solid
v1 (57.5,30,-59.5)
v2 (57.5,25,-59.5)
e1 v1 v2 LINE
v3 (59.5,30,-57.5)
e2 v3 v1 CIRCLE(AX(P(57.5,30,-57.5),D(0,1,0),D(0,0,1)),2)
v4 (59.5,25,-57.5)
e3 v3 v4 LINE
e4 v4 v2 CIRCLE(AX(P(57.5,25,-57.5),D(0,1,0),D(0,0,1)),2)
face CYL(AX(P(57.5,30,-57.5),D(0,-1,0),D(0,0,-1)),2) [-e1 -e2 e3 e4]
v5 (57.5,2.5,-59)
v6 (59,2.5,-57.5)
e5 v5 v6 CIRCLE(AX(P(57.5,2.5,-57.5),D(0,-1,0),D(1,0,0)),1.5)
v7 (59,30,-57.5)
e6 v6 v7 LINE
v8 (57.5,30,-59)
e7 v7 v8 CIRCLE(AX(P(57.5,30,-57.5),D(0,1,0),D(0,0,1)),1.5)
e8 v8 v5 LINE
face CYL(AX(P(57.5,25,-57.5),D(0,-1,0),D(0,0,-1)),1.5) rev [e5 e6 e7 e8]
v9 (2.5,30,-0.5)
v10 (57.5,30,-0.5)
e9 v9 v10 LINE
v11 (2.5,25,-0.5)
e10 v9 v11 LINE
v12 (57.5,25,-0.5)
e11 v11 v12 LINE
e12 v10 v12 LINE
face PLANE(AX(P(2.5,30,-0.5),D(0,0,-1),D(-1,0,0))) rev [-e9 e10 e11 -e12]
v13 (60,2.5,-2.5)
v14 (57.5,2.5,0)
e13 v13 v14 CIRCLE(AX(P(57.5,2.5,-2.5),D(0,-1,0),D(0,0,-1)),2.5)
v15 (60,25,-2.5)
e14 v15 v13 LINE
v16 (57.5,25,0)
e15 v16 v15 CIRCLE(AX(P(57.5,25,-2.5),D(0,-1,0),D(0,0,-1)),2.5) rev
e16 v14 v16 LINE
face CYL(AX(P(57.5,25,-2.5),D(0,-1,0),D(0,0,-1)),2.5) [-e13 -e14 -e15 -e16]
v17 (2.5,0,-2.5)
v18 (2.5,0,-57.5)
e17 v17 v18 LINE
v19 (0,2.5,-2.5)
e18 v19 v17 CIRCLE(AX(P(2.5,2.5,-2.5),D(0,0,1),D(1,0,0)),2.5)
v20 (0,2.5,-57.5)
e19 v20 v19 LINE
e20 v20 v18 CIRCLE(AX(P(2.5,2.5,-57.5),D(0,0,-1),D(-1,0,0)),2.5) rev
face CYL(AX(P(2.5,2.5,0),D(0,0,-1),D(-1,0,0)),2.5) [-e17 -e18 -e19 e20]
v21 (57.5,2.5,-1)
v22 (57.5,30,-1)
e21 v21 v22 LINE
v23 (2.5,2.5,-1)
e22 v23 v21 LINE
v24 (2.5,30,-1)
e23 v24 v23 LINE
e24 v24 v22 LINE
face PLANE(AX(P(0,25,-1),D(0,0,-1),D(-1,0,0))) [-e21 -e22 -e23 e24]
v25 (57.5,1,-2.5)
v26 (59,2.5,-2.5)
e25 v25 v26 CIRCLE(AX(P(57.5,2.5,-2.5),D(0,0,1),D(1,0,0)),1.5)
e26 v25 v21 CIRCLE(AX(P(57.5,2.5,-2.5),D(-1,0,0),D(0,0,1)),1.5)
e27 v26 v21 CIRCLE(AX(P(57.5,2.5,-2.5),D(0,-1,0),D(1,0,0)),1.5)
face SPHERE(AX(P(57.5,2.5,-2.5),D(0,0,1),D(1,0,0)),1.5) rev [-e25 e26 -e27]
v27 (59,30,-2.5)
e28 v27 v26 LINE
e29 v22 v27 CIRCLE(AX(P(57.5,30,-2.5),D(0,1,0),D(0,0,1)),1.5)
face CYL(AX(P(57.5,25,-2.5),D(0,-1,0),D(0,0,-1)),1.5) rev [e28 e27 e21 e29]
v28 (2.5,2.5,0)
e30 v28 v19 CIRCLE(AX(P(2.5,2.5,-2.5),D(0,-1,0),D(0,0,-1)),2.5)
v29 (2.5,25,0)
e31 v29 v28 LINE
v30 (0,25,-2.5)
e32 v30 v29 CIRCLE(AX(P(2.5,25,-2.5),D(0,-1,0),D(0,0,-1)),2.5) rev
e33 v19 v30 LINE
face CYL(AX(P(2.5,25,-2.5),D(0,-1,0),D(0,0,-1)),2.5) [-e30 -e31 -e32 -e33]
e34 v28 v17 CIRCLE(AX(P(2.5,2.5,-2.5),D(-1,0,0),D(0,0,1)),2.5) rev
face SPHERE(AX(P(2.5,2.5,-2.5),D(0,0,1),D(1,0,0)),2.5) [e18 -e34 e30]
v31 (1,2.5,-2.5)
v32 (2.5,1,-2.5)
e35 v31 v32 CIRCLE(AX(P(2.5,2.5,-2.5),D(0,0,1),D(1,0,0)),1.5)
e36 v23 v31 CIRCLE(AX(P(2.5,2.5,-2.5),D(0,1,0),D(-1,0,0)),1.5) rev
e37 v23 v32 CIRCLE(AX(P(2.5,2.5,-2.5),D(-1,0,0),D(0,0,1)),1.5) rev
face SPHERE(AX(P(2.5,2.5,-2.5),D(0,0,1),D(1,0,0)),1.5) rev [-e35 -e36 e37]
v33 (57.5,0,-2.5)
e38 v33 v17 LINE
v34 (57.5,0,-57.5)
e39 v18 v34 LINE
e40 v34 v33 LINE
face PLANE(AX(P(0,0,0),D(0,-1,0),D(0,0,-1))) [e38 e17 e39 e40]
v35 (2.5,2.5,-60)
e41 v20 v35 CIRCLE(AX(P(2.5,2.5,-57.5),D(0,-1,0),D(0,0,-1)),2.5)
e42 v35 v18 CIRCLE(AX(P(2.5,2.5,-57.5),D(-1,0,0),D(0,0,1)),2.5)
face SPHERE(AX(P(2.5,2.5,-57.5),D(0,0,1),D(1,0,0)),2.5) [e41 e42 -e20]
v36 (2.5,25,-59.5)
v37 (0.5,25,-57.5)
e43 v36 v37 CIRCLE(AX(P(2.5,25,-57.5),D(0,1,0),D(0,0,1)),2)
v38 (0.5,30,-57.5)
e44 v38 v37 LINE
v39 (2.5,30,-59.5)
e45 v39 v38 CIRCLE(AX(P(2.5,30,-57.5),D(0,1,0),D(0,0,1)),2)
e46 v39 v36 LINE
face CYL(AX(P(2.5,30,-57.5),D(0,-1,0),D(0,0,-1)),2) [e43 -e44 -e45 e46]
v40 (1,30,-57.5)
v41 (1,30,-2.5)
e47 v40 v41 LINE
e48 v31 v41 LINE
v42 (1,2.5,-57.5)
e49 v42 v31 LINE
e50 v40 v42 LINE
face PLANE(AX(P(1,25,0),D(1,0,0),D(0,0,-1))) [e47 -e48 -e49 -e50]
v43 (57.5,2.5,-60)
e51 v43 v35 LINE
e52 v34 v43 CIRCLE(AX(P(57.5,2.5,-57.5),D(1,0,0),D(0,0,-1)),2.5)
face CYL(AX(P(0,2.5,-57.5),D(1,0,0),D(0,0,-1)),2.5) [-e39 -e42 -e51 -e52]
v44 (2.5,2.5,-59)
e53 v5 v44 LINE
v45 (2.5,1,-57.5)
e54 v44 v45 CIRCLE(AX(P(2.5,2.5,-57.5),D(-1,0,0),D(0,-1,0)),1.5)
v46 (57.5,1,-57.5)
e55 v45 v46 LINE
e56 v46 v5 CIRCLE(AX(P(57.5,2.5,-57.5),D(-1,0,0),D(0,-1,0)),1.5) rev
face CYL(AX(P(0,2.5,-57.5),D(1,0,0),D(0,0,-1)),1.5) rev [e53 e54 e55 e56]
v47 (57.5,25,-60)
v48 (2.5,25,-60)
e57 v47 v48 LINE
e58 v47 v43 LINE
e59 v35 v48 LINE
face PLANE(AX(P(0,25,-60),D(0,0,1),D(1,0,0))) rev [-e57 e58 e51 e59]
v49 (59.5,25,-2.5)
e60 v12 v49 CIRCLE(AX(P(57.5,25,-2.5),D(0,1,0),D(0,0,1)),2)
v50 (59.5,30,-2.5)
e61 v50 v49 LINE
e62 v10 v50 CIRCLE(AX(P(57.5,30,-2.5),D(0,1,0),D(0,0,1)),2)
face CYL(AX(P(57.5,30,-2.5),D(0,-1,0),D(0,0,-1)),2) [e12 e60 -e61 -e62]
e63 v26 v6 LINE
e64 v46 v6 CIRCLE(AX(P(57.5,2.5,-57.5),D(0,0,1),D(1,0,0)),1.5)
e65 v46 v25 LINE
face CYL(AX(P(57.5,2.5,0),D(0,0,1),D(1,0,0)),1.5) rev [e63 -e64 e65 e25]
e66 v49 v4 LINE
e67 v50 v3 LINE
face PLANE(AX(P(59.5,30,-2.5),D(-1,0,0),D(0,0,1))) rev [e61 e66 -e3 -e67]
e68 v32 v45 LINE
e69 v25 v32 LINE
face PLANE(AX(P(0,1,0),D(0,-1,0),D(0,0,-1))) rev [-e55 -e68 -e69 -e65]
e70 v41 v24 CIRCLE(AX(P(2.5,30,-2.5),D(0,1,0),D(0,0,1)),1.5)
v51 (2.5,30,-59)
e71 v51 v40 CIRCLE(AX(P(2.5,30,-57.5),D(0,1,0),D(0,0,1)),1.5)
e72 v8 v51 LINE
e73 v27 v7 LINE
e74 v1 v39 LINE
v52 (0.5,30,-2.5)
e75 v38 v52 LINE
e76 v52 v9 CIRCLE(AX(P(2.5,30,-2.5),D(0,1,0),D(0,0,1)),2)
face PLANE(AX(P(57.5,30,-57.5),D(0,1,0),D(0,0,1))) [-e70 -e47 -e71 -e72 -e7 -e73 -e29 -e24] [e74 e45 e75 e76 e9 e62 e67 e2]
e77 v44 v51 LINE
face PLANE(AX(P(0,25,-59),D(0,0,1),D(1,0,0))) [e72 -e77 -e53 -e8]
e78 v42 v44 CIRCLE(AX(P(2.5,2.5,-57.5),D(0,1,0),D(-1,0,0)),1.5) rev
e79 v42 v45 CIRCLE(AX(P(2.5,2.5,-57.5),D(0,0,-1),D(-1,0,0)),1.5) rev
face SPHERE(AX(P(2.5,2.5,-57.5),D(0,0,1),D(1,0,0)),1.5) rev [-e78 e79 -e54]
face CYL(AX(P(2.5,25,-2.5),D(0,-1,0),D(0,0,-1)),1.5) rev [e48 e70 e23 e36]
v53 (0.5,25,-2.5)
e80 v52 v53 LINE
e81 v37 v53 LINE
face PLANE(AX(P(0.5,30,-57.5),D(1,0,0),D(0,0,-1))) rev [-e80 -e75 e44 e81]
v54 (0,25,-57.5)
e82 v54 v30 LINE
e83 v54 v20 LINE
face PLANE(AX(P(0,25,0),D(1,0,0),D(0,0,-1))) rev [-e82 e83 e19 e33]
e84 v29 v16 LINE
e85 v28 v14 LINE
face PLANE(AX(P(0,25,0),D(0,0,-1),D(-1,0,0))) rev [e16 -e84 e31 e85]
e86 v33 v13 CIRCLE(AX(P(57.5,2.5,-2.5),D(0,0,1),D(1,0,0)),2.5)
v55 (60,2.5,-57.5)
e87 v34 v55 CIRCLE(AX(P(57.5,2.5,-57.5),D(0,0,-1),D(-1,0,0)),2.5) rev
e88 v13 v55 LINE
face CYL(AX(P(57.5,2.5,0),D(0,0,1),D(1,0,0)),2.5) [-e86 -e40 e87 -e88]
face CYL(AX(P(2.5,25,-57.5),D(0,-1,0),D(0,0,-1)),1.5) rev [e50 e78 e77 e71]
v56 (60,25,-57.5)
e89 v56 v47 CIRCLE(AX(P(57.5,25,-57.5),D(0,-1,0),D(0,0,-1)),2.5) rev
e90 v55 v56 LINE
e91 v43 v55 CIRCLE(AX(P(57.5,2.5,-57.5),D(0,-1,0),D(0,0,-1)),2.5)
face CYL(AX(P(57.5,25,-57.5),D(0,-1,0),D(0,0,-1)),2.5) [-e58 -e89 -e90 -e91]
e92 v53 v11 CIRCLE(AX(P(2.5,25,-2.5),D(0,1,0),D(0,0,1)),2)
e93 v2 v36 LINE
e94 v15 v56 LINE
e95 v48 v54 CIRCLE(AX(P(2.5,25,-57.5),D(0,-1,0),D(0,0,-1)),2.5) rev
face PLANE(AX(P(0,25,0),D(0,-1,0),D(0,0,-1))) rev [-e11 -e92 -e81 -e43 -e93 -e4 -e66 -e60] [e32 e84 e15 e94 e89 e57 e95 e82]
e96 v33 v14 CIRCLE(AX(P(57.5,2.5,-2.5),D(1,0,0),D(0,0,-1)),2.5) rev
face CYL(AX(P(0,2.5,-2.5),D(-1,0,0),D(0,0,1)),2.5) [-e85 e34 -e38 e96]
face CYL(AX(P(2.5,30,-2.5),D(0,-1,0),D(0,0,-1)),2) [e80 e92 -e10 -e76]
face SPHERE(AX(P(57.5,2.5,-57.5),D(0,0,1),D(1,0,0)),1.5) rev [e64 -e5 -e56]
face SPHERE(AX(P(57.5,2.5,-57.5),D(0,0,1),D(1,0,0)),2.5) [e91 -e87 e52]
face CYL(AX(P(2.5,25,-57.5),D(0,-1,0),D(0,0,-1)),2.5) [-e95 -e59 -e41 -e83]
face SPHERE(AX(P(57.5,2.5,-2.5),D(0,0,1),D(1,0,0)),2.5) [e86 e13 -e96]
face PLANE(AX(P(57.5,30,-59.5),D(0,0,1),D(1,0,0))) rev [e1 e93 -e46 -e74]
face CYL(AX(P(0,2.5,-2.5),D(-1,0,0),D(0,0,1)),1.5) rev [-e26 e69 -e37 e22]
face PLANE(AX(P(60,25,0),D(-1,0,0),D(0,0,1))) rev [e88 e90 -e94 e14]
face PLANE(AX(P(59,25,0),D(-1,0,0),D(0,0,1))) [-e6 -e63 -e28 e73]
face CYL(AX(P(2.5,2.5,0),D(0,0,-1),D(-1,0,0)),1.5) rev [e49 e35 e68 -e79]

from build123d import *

# Parameters (mm, degrees)
SKETCH1_W           = 60
SKETCH1_H           = 60
BOSS_EXTRUDE1_DEPTH = 25
FILLET1_R           = 2.5
SHELL1_T            = -1
BOSS_EXTRUDE2_START = 5
BOSS_EXTRUDE2_DEPTH = 5


with BuildPart() as part:
    # Sketch1 → Boss-Extrude1 (new body)
    with BuildSketch(Plane(origin=(0, 0, 0), x_dir=(1, 0, 0), z_dir=(0, 1, 0))):
        with Locations((30, 30)):
            Rectangle(SKETCH1_W, SKETCH1_H)
    extrude(amount=BOSS_EXTRUDE1_DEPTH)

    # Fillet1
    fillet1_edges = [part.edges().sort_by_distance(p)[0] for p in [
        (30, 0, -60),
        (60, 0, -30),
        (30, 0, 0),
        (0, 0, -30),
        (0, 12.5, -60),
        (60, 12.5, -60),
        (60, 12.5, 0),
        (0, 12.5, 0),
    ]]
    fillet(fillet1_edges, radius=FILLET1_R)

    # Shell1
    shell1_openings = [part.faces().sort_by_distance(p)[0] for p in [
        (30, 25, -30),
    ]]
    offset(amount=SHELL1_T, openings=shell1_openings, kind=Kind.INTERSECTION)

    # Sketch5 → Boss-Extrude2 (add)
    with BuildSketch(Plane(origin=(0, 25, 0), x_dir=(1, 0, 0), z_dir=(0, 1, 0)).offset(BOSS_EXTRUDE2_START)):
        with BuildLine():
            Line((57.5, 59.5), (2.5, 59.5))
            ThreePointArc((2.5, 59.5), (1.085786438, 58.914213562), (0.5, 57.5))
            Line((0.5, 57.5), (0.5, 2.5))
            ThreePointArc((0.5, 2.5), (1.085786438, 1.085786438), (2.5, 0.5))
            Line((2.5, 0.5), (57.5, 0.5))
            ThreePointArc((57.5, 0.5), (58.914213562, 1.085786438), (59.5, 2.5))
            Line((59.5, 2.5), (59.5, 57.5))
            ThreePointArc((59.5, 57.5), (58.914213562, 58.914213562), (57.5, 59.5))
        make_face()
        with BuildLine():
            Line((57.5, 59), (2.5, 59))
            ThreePointArc((2.5, 59), (1.439339828, 58.560660172), (1, 57.5))
            Line((1, 57.5), (1, 2.5))
            ThreePointArc((1, 2.5), (1.439339828, 1.439339828), (2.5, 1))
            Line((2.5, 1), (57.5, 1))
            ThreePointArc((57.5, 1), (58.560660172, 1.439339828), (59, 2.5))
            Line((59, 2.5), (59, 57.5))
            ThreePointArc((59, 57.5), (58.560660172, 58.560660172), (57.5, 59))
        make_face(mode=Mode.SUBTRACT)
    extrude(amount=-BOSS_EXTRUDE2_DEPTH)


solid = part.part
